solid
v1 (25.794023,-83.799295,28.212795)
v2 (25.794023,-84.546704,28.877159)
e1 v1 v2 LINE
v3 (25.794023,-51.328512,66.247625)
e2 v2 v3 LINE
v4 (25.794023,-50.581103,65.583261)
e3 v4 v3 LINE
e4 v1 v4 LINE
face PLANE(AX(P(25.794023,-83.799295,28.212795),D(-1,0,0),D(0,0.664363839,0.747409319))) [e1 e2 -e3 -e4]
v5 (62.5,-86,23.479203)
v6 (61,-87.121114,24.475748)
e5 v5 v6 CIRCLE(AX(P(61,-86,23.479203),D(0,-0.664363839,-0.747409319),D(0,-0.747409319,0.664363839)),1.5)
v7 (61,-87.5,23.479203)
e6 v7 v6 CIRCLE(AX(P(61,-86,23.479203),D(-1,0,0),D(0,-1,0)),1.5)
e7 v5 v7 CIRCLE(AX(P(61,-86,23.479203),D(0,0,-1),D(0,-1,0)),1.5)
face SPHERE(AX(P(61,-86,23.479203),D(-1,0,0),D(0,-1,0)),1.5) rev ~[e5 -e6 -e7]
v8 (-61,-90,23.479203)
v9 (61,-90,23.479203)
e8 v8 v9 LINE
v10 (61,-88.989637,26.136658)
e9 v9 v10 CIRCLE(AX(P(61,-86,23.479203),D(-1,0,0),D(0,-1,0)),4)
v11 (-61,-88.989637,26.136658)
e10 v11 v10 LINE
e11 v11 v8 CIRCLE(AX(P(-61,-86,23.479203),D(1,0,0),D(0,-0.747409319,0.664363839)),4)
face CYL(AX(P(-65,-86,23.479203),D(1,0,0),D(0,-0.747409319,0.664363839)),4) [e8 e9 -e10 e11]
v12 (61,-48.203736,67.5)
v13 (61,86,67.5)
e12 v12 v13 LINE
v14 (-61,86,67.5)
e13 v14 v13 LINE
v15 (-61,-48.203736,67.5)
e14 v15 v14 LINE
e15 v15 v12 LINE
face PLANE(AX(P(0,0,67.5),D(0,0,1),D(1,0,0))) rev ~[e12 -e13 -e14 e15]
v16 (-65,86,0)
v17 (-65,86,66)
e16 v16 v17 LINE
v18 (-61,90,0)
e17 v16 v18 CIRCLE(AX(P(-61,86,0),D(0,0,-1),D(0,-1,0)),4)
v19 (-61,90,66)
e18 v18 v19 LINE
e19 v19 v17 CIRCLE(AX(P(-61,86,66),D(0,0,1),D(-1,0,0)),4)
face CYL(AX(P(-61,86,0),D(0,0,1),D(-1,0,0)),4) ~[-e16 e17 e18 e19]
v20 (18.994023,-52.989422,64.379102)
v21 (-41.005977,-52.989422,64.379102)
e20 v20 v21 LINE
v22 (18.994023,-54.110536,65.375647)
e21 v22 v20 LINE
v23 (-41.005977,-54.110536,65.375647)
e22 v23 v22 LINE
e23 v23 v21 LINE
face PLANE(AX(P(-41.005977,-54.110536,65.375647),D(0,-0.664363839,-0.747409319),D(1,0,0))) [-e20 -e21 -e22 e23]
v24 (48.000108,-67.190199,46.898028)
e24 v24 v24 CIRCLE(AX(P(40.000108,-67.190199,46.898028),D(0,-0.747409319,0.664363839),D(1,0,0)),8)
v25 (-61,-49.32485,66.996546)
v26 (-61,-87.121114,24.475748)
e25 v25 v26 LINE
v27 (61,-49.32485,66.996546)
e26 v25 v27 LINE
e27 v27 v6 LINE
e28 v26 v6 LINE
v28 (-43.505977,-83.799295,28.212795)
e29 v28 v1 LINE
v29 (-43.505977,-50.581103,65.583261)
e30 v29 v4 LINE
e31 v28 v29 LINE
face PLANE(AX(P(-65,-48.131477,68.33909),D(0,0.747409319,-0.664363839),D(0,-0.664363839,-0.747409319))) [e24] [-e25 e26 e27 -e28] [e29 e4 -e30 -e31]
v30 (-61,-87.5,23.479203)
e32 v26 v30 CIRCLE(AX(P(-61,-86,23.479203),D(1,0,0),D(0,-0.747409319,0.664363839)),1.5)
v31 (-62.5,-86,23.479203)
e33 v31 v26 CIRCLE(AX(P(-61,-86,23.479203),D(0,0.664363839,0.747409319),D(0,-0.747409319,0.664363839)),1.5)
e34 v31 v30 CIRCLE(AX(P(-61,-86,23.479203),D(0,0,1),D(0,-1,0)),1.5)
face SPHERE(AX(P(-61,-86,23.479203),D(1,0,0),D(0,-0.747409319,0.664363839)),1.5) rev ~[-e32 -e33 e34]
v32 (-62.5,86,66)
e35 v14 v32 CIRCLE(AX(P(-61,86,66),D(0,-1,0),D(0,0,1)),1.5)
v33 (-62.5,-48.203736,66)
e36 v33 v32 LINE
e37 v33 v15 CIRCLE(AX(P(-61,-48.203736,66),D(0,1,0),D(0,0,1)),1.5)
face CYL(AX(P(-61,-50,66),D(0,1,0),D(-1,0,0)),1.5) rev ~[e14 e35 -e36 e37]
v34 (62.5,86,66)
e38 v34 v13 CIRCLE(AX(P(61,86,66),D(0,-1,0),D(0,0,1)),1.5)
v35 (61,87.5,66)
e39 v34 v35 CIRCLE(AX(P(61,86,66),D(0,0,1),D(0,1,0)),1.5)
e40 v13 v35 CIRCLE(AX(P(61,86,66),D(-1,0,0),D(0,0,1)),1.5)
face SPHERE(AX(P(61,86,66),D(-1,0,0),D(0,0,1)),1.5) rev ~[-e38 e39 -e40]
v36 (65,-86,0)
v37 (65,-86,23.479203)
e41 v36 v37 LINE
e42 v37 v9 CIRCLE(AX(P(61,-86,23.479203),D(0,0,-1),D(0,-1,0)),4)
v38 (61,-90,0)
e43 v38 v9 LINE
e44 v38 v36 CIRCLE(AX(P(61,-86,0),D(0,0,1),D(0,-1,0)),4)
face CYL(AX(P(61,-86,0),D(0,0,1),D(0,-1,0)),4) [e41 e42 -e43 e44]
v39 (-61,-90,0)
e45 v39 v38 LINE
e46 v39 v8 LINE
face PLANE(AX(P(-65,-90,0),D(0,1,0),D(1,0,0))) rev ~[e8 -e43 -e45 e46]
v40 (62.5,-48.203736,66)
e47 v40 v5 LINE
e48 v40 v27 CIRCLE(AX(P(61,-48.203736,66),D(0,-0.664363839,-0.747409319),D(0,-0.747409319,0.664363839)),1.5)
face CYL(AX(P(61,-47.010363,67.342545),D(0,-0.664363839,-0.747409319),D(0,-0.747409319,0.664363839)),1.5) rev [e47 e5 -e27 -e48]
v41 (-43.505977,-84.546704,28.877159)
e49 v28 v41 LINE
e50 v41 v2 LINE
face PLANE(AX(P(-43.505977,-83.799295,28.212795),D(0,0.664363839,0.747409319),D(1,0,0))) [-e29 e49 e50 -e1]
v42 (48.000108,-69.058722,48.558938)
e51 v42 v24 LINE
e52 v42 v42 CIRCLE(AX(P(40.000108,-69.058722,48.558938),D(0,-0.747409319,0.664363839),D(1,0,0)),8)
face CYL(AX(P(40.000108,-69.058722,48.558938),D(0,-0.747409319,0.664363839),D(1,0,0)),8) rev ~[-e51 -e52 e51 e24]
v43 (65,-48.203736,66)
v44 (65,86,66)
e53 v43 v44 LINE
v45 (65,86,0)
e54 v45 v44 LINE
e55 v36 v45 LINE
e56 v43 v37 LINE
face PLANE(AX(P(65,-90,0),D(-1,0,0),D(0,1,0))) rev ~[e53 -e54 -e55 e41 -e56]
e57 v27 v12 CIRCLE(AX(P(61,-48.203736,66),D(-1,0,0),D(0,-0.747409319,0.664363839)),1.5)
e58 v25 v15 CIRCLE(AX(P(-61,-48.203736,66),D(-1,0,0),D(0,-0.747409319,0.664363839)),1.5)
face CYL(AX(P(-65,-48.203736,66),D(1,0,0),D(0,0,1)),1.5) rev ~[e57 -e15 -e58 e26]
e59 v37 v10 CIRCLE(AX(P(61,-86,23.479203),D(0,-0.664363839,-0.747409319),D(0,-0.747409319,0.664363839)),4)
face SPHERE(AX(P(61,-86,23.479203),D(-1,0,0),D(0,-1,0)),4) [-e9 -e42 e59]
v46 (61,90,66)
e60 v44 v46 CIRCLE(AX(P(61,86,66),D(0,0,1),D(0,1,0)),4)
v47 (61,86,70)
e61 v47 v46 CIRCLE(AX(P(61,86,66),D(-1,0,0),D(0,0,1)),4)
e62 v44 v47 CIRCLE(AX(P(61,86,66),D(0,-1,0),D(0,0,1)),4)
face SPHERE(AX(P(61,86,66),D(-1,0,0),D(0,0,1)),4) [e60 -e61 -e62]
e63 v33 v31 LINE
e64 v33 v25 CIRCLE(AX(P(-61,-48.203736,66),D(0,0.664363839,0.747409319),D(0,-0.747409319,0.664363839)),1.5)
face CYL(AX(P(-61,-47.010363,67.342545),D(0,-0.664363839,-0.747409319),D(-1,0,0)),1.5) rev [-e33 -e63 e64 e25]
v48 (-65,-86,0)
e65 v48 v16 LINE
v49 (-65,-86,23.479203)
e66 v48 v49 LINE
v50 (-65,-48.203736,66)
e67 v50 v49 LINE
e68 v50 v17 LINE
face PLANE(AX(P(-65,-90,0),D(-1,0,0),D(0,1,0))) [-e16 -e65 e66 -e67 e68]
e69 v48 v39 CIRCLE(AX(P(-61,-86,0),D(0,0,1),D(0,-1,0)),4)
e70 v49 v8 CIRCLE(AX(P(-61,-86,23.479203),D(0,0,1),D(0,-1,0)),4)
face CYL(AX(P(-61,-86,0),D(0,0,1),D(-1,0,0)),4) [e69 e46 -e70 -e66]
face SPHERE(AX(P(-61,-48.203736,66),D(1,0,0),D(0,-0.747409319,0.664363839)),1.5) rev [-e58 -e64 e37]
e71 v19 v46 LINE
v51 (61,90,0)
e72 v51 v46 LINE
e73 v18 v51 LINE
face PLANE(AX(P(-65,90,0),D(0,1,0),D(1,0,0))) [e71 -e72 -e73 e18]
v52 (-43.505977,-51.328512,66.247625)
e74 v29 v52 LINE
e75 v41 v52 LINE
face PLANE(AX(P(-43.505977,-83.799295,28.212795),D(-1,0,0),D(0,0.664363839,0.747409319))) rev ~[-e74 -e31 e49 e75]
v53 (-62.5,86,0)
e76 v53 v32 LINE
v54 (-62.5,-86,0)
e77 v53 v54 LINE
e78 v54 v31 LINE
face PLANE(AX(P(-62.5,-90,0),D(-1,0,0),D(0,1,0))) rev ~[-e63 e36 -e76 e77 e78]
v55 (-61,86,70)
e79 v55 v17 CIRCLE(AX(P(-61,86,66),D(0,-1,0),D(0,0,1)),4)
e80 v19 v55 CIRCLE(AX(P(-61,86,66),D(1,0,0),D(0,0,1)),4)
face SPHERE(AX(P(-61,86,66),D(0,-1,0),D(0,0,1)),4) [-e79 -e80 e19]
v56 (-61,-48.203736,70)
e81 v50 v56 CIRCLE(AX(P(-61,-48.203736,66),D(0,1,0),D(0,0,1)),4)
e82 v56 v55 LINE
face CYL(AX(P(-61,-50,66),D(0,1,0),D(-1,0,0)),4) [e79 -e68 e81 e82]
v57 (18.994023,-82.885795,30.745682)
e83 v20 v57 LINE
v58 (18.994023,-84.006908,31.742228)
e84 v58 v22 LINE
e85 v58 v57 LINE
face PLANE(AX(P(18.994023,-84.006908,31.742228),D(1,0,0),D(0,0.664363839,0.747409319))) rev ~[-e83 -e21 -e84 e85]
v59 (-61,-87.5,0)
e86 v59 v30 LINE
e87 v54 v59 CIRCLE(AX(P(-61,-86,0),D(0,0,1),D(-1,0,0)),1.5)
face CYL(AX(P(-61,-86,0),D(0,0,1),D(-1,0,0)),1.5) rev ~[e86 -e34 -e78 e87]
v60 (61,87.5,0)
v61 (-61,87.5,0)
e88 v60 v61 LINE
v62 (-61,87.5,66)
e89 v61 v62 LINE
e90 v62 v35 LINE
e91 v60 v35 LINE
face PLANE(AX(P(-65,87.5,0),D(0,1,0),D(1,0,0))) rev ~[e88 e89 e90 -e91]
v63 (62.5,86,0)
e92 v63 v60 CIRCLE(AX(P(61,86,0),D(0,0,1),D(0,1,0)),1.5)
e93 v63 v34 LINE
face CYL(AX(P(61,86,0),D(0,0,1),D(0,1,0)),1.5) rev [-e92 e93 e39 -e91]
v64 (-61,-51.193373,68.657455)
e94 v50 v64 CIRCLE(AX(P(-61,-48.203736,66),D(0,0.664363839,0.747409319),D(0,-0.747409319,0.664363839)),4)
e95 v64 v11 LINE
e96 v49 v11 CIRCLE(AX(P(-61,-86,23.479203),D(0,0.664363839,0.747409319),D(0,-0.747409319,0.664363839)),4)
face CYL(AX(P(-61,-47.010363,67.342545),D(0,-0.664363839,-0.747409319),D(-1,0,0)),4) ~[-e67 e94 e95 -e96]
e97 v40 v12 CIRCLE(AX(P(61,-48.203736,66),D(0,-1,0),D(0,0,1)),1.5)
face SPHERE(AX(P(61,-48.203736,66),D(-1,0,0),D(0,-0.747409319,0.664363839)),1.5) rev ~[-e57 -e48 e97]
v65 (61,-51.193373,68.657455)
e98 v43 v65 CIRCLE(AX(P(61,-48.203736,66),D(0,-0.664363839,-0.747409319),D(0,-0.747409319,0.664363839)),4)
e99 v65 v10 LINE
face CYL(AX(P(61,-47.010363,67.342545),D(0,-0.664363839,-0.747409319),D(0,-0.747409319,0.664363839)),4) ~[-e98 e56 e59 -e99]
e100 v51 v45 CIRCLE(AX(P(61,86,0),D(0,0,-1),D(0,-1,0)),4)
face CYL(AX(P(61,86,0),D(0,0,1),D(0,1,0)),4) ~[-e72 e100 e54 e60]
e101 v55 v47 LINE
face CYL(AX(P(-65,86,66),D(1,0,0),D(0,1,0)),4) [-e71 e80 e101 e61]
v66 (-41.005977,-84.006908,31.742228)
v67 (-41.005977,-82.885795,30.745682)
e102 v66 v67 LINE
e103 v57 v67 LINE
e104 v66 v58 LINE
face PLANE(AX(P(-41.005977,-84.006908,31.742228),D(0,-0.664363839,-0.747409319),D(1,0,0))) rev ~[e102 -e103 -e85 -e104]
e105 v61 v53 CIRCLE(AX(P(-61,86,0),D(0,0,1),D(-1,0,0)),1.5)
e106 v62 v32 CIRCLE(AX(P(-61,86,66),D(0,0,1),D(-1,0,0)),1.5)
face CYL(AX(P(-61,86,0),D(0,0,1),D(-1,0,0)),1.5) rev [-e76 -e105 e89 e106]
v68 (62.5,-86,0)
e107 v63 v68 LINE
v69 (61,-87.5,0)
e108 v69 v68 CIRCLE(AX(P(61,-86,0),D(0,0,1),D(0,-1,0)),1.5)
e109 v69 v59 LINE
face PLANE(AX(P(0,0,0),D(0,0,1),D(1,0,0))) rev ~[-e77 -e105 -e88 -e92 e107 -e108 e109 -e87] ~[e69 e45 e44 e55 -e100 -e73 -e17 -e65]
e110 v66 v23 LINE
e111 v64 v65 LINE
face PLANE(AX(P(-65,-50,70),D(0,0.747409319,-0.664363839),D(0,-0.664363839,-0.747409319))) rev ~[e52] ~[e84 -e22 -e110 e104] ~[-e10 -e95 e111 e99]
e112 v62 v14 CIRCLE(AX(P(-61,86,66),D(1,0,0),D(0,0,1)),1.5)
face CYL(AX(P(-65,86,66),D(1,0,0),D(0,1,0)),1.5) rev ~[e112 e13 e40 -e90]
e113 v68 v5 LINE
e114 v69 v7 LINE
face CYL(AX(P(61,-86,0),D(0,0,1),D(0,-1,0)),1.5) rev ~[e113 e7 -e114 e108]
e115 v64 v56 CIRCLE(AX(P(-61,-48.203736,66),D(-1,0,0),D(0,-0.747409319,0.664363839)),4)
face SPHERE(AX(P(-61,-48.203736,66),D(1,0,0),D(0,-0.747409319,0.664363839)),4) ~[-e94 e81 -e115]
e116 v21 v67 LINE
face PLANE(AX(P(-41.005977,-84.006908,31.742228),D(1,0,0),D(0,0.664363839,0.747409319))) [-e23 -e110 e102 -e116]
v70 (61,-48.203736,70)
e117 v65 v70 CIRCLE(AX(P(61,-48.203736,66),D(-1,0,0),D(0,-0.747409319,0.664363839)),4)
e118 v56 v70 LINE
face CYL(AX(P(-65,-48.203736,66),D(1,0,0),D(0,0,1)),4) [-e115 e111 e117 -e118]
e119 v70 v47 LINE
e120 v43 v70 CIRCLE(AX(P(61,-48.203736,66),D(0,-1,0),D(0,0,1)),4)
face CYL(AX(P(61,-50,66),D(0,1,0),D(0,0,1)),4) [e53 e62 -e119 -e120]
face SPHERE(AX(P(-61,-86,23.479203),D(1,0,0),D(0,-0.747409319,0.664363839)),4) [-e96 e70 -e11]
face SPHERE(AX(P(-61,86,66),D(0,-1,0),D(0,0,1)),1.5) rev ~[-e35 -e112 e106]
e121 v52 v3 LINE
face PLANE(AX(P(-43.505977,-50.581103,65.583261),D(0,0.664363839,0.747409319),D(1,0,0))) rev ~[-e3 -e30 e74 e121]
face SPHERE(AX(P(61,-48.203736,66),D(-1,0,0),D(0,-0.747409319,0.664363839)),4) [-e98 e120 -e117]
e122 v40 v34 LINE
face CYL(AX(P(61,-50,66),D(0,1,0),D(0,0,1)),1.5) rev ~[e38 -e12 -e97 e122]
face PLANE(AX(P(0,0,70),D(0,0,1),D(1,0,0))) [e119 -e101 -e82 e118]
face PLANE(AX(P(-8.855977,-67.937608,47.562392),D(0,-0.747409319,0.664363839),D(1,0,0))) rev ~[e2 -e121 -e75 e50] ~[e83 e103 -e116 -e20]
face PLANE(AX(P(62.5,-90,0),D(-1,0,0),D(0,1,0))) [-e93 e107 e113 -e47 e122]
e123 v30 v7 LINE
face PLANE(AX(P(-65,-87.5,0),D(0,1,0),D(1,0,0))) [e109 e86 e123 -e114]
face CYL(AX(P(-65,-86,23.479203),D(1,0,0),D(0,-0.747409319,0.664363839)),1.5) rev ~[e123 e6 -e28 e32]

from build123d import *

# Parameters (mm, degrees)
SKETCH1_W           = 130
SKETCH1_H           = 180
BOSS_EXTRUDE1_DEPTH = 70
CUT_EXTRUDE1_DEPTH  = 131
FILLET2_R           = 4
SHELL1_T            = -2.5
SKETCH3_R           = 8
SKETCH3_W           = 60
SKETCH3_H           = 45
CUT_EXTRUDE2_DEPTH  = 10
CUT_EXTRUDE3_START  = -2.5
SKETCH4_W           = 69.3
SKETCH4_H           = 50
CUT_EXTRUDE3_DEPTH  = 1


with BuildPart() as part:
    # Sketch1 → Boss-Extrude1 (new body)
    with BuildSketch(Plane.XY):
        Rectangle(SKETCH1_W, SKETCH1_H)
    extrude(amount=BOSS_EXTRUDE1_DEPTH)

    # Sketch2 → Cut-Extrude1 (cut, through all)
    with BuildSketch(Plane.ZY.offset(65)):
        Polygon((70, -50), (25, -90), (70, -90), align=None)
    extrude(amount=-CUT_EXTRUDE1_DEPTH, mode=Mode.SUBTRACT)

    # Fillet2
    fillet2_edges = [part.edges().sort_by_distance(p)[0] for p in [
        (-65, 20, 70),
        (65, -90, 12.5),
        (-65, -90, 12.5),
        (0, -50, 70),
        (65, -70, 47.5),
        (0, -90, 25),
        (-65, -70, 47.5),
        (0, 90, 70),
        (65, 20, 70),
        (-65, 90, 35),
        (65, 90, 35),
    ]]
    fillet(fillet2_edges, radius=FILLET2_R)

    # Shell1
    shell1_openings = [part.faces().sort_by_distance(p)[0] for p in [
        (0, 0, 0),
    ]]
    offset(amount=SHELL1_T, openings=shell1_openings, kind=Kind.INTERSECTION)

    # Sketch3 → Cut-Extrude2 (cut)
    with BuildSketch(Plane(origin=(0, -62.689655172, 55.724137931), x_dir=(1, 0, 0), z_dir=(0, -0.747409319, 0.664363839))):
        with Locations((40.000108275, -9.586715238)):
            Circle(SKETCH3_R)
        with Locations((-11.005976929, -9.586715238)):
            Rectangle(SKETCH3_W, SKETCH3_H)
    extrude(amount=-CUT_EXTRUDE2_DEPTH, mode=Mode.SUBTRACT)

    # Sketch4 → Cut-Extrude3 (cut)
    with BuildSketch(Plane(origin=(0, -62.689655172, 55.724137931), x_dir=(1, 0, 0), z_dir=(0, -0.747409319, 0.664363839)).offset(CUT_EXTRUDE3_START)):
        with Locations((-8.85597671, -9.586715238)):
            Rectangle(SKETCH4_W, SKETCH4_H)
    extrude(amount=CUT_EXTRUDE3_DEPTH, mode=Mode.SUBTRACT)


solid = part.part
